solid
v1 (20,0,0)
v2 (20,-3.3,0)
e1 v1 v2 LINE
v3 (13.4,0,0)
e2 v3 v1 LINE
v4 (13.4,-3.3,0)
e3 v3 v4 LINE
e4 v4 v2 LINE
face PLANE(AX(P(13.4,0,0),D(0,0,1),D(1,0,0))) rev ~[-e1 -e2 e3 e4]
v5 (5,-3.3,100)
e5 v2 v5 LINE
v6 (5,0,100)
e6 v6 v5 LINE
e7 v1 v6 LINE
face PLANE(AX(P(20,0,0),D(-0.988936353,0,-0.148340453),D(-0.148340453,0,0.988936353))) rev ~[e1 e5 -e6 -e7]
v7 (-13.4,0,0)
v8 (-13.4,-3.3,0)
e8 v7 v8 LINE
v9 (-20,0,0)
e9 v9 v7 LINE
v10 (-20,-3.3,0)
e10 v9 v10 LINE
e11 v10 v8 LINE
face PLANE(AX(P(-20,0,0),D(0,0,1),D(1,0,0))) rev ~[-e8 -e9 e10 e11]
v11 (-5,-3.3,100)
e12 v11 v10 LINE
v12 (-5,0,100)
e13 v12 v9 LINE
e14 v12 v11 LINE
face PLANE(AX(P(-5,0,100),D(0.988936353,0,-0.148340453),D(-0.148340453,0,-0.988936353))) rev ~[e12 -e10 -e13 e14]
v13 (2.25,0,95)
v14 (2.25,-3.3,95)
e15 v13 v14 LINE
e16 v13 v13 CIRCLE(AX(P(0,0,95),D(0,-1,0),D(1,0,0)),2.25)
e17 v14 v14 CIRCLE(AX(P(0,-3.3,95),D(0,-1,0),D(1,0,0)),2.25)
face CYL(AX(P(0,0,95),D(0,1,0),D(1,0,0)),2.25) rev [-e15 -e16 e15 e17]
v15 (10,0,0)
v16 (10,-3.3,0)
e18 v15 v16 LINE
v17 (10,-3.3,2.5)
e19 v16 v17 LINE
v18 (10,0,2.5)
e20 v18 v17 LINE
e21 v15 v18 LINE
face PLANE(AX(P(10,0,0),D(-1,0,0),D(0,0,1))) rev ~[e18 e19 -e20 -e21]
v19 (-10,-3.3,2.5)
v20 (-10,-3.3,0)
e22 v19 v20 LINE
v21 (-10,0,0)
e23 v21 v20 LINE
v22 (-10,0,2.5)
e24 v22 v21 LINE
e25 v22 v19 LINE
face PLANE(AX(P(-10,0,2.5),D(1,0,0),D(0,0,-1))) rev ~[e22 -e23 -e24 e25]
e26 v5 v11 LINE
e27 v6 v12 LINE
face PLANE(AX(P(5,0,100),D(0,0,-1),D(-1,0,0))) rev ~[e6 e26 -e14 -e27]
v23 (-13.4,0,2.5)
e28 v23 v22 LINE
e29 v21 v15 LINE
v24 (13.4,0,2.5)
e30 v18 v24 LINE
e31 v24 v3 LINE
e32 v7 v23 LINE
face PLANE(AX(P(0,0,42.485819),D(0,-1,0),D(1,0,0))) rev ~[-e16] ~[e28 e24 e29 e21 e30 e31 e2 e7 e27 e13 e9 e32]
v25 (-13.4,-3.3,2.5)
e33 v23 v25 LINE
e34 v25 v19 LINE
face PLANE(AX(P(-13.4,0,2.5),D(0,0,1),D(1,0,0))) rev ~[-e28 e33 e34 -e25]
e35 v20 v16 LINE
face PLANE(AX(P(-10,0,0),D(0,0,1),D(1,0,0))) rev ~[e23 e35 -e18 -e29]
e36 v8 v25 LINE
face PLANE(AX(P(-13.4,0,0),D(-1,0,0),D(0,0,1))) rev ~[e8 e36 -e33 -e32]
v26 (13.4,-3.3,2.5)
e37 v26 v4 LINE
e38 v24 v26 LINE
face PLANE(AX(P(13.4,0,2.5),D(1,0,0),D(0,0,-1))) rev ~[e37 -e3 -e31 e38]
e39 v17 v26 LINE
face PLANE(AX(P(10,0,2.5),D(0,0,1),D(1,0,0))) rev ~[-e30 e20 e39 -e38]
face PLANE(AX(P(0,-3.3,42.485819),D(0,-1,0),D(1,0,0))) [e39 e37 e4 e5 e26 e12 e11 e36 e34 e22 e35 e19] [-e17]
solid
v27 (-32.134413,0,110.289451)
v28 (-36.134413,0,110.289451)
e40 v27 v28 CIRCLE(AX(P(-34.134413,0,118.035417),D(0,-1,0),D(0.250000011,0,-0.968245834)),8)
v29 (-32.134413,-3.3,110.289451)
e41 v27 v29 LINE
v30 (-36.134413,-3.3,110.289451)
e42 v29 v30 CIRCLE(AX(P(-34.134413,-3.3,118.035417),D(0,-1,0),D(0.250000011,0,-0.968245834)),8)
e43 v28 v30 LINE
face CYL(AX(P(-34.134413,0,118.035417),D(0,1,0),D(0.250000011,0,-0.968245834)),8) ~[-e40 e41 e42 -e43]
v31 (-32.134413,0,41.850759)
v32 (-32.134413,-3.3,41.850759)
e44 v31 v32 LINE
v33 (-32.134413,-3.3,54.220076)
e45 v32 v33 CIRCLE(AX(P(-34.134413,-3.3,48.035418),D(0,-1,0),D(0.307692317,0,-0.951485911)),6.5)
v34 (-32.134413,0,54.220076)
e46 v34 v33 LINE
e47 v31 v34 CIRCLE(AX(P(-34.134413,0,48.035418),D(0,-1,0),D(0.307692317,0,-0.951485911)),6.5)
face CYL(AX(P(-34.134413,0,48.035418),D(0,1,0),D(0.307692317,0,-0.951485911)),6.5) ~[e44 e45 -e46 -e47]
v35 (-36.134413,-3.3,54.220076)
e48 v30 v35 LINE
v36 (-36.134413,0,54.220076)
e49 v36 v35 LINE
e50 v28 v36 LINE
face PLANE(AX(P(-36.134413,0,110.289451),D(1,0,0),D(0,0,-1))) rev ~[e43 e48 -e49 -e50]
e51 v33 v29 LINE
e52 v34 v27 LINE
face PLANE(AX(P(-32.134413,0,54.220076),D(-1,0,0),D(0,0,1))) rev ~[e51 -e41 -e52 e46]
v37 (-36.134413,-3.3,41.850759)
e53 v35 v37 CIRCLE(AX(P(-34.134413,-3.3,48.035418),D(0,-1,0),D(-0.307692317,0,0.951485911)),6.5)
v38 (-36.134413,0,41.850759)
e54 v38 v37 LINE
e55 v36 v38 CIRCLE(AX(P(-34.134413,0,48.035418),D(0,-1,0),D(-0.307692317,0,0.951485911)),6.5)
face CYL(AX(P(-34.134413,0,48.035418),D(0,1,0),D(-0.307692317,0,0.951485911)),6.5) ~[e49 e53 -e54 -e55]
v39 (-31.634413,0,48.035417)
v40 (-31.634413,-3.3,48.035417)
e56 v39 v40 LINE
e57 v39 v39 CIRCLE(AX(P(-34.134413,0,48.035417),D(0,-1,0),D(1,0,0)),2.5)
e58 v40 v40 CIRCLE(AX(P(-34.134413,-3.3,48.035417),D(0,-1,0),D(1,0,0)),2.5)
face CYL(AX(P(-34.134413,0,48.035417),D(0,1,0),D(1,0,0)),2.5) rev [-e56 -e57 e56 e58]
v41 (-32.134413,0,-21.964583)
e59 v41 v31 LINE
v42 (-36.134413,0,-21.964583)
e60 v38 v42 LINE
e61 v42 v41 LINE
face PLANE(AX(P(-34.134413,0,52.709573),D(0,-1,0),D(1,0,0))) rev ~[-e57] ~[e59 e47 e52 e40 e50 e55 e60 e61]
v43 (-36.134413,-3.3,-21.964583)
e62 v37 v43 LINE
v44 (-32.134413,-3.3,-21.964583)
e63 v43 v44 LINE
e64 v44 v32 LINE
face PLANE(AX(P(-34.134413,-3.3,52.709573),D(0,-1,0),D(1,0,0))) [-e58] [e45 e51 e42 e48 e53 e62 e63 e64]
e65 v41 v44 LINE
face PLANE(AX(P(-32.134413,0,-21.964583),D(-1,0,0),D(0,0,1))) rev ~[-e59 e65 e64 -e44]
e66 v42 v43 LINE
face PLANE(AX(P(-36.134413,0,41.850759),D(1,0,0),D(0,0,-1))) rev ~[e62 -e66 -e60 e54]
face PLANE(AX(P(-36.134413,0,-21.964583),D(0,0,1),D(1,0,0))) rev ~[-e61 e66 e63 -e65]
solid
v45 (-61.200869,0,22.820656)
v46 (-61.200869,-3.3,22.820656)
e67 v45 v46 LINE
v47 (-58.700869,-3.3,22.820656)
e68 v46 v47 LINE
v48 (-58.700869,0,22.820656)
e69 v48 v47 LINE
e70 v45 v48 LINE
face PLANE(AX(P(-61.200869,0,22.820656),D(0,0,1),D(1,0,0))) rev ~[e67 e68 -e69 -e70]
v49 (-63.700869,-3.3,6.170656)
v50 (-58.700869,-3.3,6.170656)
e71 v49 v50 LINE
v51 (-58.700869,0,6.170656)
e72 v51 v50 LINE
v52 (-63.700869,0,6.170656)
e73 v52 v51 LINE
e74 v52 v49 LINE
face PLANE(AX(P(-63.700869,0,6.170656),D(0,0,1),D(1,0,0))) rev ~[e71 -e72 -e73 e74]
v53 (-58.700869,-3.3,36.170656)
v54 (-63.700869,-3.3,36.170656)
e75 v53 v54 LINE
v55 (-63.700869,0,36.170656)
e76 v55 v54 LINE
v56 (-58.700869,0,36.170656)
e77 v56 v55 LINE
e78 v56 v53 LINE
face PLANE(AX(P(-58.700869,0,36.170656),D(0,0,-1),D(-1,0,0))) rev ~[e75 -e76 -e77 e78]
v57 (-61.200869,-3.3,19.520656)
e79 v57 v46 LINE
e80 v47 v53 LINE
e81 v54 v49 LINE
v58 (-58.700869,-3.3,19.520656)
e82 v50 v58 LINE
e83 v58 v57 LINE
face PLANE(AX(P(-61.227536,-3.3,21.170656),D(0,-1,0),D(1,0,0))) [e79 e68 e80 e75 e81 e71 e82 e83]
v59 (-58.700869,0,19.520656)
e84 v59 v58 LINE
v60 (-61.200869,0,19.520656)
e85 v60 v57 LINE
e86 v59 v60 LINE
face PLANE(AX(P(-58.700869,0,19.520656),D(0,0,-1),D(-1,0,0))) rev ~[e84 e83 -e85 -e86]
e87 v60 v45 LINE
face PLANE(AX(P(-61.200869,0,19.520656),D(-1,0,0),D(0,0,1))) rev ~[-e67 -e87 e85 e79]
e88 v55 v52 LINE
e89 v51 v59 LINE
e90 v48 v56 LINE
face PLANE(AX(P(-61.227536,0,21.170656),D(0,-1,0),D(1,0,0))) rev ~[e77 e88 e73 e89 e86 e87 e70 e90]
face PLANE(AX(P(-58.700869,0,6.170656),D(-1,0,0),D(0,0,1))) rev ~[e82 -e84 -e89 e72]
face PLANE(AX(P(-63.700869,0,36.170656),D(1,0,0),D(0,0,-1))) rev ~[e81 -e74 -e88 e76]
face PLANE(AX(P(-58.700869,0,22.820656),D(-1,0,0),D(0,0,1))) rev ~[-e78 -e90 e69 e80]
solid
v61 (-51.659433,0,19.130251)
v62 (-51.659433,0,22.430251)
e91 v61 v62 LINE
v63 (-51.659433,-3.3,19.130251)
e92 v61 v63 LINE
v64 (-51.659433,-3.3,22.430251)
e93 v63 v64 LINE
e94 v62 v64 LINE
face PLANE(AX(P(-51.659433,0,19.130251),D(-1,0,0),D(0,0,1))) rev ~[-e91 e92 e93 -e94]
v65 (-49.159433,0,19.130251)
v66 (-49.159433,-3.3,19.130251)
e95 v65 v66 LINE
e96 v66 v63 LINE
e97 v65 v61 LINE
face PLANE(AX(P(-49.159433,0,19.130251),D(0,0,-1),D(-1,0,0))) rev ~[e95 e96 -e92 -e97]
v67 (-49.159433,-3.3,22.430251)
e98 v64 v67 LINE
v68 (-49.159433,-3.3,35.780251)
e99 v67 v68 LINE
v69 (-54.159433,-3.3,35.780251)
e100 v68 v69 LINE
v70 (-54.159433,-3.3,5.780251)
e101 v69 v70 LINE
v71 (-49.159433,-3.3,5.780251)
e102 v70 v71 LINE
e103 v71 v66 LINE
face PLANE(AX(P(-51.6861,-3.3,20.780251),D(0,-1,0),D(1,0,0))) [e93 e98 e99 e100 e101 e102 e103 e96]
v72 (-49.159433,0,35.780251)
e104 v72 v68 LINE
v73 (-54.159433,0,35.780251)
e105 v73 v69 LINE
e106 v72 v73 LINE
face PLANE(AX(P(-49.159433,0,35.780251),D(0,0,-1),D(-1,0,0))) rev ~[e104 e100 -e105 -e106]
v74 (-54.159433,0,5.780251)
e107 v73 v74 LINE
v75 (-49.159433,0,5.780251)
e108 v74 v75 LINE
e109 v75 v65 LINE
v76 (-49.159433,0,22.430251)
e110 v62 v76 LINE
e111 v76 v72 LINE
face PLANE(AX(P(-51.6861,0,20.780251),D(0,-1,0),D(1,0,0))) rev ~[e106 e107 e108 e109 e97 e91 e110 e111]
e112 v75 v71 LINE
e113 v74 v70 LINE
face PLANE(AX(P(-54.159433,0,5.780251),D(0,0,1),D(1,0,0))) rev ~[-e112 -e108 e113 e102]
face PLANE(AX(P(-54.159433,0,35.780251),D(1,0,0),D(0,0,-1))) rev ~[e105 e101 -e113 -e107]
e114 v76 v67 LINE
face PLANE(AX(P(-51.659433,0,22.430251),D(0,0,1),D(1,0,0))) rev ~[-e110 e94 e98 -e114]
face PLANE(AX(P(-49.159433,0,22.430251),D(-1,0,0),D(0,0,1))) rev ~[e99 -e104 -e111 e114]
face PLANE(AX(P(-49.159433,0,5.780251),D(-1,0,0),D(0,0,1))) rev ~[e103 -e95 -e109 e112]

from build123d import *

# Parameters (mm, degrees)
F0_R     = 2.25
F2_DEPTH = 3.3
F3_DEPTH = 3.3
F4_R     = 2.5
F5_DEPTH = 3.3


with BuildPart() as f2:
    # F0 (on Front) → F2 (new body)
    with BuildSketch(Plane.XZ):
        Polygon((-5, 100), (-20, 0), (-13.4, 0), (-13.4, 2.5), (-10, 2.5), (-10, 0), (10, 0), (10, 2.5), (13.4, 2.5), (13.4, 0), (20, 0), (5, 100), align=None)
        with Locations((0, 95)):
            Circle(F0_R, mode=Mode.SUBTRACT)
    extrude(amount=F2_DEPTH)


with BuildPart() as f3:
    # F1 (on Front) → F3 (new body)
    with BuildSketch(Plane.XZ):
        Polygon((-49.159433, 35.780251), (-54.159433, 35.780251), (-54.159433, 5.780251), (-49.159433, 5.780251), (-49.159433, 19.130251), (-51.659433, 19.130251), (-51.659433, 22.430251), (-49.159433, 22.430251), align=None)
        Polygon((-58.700869, 36.170656), (-63.700869, 36.170656), (-63.700869, 6.170656), (-58.700869, 6.170656), (-58.700869, 19.520656), (-61.200869, 19.520656), (-61.200869, 22.820656), (-58.700869, 22.820656), align=None)
    extrude(amount=F3_DEPTH)


with BuildPart() as f5:
    # F4 (on Front) → F5 (new body)
    with BuildSketch(Plane.XZ):
        with BuildLine():
            Line((-36.134413, 41.850759), (-36.134413, -21.964583))
            Line((-36.134413, -21.964583), (-32.134413, -21.964583))
            Line((-32.134413, -21.964583), (-32.134413, 41.850759))
            ThreePointArc((-32.134413, 41.850759), (-27.634413, 48.035417), (-32.134413, 54.220076))
            Line((-32.134413, 54.220076), (-32.134413, 110.289451))
            ThreePointArc((-32.134413, 110.289451), (-34.134413, 126.035417), (-36.134413, 110.289451))
            Line((-36.134413, 110.289451), (-36.134413, 54.220076))
            ThreePointArc((-36.134413, 54.220076), (-40.634413, 48.035417), (-36.134413, 41.850759))
        make_face()
        with Locations((-34.134413, 48.035417)):
            Circle(F4_R, mode=Mode.SUBTRACT)
    extrude(amount=F5_DEPTH)


solid = Compound([f2.part, f3.part, f5.part])
